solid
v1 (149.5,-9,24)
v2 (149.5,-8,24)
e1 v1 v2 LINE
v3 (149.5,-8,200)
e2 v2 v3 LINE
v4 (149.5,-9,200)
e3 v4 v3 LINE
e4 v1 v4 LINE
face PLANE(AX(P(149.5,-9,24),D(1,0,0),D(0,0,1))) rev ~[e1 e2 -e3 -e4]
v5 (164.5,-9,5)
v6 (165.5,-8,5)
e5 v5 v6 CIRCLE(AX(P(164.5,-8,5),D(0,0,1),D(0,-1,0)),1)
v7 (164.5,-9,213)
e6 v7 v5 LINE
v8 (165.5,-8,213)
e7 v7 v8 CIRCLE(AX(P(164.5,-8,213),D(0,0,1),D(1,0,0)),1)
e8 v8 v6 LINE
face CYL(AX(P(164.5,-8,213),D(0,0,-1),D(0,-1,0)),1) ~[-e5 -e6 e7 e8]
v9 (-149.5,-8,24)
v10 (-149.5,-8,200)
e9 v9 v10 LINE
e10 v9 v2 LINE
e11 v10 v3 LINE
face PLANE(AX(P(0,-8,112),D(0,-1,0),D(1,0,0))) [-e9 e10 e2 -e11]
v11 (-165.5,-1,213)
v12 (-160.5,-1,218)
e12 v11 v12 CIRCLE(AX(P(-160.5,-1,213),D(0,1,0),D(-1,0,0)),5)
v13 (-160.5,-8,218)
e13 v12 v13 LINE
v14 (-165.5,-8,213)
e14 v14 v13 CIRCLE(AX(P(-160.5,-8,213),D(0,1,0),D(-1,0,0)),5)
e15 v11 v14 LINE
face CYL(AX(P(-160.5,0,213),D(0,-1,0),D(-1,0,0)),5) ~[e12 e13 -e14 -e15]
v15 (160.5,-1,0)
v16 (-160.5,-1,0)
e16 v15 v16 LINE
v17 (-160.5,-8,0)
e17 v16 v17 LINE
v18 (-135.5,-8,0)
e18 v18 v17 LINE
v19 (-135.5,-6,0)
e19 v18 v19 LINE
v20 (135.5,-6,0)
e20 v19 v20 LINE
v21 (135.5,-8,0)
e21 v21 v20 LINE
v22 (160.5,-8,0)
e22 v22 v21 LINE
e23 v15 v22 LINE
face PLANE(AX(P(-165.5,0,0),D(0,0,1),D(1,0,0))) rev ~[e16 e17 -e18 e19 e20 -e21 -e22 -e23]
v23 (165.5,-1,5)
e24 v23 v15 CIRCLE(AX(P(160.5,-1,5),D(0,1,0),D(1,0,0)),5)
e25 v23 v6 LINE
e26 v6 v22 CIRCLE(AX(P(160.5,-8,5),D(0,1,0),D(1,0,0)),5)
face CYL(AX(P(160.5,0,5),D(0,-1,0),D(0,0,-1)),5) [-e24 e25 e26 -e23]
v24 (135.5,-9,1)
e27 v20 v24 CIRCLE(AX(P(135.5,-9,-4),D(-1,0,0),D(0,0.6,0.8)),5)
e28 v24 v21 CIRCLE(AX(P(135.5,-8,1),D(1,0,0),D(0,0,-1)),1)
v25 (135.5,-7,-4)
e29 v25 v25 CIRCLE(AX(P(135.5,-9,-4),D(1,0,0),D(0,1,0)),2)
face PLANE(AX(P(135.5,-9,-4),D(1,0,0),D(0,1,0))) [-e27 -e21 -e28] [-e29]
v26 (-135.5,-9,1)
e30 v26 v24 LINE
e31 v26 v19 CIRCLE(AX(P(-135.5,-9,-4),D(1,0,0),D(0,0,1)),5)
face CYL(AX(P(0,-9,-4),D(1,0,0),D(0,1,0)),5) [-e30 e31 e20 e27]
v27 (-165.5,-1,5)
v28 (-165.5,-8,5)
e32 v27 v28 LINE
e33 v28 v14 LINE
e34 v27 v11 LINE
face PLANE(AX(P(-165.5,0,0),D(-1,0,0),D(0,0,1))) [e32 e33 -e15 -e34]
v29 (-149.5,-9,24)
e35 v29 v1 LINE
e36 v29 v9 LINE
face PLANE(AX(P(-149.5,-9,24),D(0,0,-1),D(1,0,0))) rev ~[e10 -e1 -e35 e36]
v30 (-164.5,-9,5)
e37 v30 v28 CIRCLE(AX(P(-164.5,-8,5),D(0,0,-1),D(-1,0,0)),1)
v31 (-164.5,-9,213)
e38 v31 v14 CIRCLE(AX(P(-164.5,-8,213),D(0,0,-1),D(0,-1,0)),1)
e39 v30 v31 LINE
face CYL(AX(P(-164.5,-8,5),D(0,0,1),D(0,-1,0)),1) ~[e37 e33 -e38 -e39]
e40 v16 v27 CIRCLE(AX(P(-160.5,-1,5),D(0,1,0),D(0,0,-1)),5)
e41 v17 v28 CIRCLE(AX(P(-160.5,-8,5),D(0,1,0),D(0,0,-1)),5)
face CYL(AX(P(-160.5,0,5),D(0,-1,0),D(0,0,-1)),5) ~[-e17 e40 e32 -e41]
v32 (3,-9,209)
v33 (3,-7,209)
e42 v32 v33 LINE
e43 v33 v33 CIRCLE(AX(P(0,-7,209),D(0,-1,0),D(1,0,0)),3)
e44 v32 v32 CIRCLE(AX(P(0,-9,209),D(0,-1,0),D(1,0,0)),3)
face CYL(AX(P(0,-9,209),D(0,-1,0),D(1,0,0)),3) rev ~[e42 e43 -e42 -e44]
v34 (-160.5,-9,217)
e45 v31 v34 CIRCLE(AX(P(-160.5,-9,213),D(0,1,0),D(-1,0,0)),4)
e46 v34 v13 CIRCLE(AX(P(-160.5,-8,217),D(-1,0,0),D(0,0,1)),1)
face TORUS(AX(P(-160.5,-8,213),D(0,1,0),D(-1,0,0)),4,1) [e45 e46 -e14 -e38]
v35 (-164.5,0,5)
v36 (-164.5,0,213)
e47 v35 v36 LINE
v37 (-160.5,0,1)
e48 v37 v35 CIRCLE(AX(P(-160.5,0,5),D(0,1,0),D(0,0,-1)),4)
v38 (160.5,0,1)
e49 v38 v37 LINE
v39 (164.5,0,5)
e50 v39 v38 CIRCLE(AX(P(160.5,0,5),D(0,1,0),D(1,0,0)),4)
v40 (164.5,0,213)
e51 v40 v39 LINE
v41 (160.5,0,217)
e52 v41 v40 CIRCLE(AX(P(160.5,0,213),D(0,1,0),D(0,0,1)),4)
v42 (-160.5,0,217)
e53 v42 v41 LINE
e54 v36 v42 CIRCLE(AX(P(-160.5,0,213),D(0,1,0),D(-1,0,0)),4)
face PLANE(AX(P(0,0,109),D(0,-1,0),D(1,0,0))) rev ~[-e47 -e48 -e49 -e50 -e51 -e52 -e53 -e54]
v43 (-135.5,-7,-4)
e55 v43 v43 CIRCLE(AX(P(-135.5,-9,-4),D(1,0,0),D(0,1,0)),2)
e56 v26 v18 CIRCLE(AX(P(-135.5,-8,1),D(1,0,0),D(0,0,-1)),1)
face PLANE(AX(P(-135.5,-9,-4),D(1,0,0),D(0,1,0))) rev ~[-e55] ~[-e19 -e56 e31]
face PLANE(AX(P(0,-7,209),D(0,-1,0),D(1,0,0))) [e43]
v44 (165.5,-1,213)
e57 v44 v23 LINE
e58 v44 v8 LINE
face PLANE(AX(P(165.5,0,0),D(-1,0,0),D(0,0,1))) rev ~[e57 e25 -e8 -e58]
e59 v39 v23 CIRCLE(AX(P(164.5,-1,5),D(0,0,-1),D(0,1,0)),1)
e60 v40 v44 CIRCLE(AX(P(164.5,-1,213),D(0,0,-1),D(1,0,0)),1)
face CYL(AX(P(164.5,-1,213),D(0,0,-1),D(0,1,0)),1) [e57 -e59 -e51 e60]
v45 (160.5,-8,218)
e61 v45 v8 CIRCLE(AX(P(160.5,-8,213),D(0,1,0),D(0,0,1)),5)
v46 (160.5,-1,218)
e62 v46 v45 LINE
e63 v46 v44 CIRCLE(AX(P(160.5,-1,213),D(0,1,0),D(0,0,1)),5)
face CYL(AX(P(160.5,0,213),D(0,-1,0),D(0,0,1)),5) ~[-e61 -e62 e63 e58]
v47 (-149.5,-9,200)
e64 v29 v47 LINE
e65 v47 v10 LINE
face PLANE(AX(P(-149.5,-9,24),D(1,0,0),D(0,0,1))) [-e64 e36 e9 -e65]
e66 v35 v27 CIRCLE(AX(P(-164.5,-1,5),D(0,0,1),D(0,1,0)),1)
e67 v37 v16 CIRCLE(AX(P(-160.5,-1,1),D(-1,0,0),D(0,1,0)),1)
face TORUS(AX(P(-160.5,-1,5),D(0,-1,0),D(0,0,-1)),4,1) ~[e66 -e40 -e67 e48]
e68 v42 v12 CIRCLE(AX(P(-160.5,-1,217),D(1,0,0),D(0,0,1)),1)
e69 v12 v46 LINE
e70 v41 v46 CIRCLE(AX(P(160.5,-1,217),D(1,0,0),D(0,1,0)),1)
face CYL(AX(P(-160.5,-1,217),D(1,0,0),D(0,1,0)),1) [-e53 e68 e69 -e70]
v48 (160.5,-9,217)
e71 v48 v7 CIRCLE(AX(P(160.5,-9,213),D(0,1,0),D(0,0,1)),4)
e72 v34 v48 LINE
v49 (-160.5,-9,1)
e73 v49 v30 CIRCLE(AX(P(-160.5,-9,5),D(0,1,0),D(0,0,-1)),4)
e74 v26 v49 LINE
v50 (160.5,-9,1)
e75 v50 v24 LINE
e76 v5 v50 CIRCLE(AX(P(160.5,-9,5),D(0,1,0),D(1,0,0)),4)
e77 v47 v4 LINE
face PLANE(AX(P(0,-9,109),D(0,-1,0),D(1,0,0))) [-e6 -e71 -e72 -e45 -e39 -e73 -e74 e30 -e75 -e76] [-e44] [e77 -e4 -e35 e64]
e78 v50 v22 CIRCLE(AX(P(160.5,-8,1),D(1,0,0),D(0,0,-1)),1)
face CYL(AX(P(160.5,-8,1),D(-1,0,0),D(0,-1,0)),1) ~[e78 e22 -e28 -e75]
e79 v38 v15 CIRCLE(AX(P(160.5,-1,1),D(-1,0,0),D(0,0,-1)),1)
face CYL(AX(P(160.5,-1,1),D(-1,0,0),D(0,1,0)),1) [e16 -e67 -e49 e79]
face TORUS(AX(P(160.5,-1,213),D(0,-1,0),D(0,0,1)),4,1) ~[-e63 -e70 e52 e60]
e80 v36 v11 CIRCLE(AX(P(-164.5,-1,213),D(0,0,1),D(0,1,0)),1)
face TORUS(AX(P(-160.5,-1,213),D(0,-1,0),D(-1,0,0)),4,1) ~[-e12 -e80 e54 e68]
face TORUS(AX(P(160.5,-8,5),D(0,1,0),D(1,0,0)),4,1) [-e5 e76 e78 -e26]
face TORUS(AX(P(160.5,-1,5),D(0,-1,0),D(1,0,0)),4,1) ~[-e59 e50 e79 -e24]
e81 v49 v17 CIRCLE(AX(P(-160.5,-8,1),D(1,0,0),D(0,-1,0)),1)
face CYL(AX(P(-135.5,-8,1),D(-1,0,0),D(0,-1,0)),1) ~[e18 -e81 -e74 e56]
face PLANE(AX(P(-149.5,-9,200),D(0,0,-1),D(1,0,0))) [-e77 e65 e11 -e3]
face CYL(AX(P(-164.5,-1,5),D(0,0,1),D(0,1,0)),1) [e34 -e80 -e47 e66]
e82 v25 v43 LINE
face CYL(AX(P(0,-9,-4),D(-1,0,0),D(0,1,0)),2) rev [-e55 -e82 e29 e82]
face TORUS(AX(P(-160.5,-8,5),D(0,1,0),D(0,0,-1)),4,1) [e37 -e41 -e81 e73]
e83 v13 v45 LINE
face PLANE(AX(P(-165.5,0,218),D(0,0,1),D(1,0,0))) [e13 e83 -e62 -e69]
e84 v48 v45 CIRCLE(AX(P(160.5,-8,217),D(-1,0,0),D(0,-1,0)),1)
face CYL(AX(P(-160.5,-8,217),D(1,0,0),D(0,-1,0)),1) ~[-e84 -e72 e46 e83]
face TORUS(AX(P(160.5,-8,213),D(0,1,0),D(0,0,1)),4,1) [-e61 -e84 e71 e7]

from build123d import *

# Parameters (mm, degrees)
F0_W     = 331
F0_H     = 218
F1_DEPTH = 9
F2_W     = 299
F2_H     = 176
F3_DEPTH = 1
F4_R     = 3
F5_DEPTH = 2
F6_R     = 5
F6_R_2   = 2
F7_DEPTH = 135.5
F8_R     = 5
F9_R     = 1


with BuildPart() as f1:
    # F0 (on Front) → F1 (new body)
    with BuildSketch(Plane.XZ):
        with Locations((0, 109)):
            Rectangle(F0_W, F0_H)
    extrude(amount=F1_DEPTH)

    # F2 (on face) → F3 (cut)
    with BuildSketch(Plane.XZ.offset(9)):
        with Locations((0, 112)):
            Rectangle(F2_W, F2_H)
    extrude(amount=-F3_DEPTH, mode=Mode.SUBTRACT)

    # F4 (on face) → F5 (cut)
    with BuildSketch(Plane.XZ.offset(9)):
        with Locations((0, 209)):
            Circle(F4_R)
    extrude(amount=-F5_DEPTH, mode=Mode.SUBTRACT)

    # F6 (on Right) → F7 (join, symmetric)
    with BuildSketch(Plane.YZ):
        with Locations((-9, -4)):
            Circle(F6_R)
        with Locations((-9, -4)):
            Circle(F6_R_2, mode=Mode.SUBTRACT)
    extrude(amount=F7_DEPTH, both=True)

    # F8
    f8_edges = [f1.edges().sort_by_distance(p)[0] for p in [
        (165.5, -4.5, 0),
        (165.5, -4.5, 218),
        (-165.5, -4.5, 218),
        (-165.5, -4.5, 0),
    ]]
    fillet(f8_edges, radius=F8_R)

    # F9
    f9_edges = [f1.edges().sort_by_distance(p)[0] for p in [
        (-165.5, -9, 109),
        (-165.5, 0, 109),
    ]]
    fillet(f9_edges, radius=F9_R)


solid = f1.part
